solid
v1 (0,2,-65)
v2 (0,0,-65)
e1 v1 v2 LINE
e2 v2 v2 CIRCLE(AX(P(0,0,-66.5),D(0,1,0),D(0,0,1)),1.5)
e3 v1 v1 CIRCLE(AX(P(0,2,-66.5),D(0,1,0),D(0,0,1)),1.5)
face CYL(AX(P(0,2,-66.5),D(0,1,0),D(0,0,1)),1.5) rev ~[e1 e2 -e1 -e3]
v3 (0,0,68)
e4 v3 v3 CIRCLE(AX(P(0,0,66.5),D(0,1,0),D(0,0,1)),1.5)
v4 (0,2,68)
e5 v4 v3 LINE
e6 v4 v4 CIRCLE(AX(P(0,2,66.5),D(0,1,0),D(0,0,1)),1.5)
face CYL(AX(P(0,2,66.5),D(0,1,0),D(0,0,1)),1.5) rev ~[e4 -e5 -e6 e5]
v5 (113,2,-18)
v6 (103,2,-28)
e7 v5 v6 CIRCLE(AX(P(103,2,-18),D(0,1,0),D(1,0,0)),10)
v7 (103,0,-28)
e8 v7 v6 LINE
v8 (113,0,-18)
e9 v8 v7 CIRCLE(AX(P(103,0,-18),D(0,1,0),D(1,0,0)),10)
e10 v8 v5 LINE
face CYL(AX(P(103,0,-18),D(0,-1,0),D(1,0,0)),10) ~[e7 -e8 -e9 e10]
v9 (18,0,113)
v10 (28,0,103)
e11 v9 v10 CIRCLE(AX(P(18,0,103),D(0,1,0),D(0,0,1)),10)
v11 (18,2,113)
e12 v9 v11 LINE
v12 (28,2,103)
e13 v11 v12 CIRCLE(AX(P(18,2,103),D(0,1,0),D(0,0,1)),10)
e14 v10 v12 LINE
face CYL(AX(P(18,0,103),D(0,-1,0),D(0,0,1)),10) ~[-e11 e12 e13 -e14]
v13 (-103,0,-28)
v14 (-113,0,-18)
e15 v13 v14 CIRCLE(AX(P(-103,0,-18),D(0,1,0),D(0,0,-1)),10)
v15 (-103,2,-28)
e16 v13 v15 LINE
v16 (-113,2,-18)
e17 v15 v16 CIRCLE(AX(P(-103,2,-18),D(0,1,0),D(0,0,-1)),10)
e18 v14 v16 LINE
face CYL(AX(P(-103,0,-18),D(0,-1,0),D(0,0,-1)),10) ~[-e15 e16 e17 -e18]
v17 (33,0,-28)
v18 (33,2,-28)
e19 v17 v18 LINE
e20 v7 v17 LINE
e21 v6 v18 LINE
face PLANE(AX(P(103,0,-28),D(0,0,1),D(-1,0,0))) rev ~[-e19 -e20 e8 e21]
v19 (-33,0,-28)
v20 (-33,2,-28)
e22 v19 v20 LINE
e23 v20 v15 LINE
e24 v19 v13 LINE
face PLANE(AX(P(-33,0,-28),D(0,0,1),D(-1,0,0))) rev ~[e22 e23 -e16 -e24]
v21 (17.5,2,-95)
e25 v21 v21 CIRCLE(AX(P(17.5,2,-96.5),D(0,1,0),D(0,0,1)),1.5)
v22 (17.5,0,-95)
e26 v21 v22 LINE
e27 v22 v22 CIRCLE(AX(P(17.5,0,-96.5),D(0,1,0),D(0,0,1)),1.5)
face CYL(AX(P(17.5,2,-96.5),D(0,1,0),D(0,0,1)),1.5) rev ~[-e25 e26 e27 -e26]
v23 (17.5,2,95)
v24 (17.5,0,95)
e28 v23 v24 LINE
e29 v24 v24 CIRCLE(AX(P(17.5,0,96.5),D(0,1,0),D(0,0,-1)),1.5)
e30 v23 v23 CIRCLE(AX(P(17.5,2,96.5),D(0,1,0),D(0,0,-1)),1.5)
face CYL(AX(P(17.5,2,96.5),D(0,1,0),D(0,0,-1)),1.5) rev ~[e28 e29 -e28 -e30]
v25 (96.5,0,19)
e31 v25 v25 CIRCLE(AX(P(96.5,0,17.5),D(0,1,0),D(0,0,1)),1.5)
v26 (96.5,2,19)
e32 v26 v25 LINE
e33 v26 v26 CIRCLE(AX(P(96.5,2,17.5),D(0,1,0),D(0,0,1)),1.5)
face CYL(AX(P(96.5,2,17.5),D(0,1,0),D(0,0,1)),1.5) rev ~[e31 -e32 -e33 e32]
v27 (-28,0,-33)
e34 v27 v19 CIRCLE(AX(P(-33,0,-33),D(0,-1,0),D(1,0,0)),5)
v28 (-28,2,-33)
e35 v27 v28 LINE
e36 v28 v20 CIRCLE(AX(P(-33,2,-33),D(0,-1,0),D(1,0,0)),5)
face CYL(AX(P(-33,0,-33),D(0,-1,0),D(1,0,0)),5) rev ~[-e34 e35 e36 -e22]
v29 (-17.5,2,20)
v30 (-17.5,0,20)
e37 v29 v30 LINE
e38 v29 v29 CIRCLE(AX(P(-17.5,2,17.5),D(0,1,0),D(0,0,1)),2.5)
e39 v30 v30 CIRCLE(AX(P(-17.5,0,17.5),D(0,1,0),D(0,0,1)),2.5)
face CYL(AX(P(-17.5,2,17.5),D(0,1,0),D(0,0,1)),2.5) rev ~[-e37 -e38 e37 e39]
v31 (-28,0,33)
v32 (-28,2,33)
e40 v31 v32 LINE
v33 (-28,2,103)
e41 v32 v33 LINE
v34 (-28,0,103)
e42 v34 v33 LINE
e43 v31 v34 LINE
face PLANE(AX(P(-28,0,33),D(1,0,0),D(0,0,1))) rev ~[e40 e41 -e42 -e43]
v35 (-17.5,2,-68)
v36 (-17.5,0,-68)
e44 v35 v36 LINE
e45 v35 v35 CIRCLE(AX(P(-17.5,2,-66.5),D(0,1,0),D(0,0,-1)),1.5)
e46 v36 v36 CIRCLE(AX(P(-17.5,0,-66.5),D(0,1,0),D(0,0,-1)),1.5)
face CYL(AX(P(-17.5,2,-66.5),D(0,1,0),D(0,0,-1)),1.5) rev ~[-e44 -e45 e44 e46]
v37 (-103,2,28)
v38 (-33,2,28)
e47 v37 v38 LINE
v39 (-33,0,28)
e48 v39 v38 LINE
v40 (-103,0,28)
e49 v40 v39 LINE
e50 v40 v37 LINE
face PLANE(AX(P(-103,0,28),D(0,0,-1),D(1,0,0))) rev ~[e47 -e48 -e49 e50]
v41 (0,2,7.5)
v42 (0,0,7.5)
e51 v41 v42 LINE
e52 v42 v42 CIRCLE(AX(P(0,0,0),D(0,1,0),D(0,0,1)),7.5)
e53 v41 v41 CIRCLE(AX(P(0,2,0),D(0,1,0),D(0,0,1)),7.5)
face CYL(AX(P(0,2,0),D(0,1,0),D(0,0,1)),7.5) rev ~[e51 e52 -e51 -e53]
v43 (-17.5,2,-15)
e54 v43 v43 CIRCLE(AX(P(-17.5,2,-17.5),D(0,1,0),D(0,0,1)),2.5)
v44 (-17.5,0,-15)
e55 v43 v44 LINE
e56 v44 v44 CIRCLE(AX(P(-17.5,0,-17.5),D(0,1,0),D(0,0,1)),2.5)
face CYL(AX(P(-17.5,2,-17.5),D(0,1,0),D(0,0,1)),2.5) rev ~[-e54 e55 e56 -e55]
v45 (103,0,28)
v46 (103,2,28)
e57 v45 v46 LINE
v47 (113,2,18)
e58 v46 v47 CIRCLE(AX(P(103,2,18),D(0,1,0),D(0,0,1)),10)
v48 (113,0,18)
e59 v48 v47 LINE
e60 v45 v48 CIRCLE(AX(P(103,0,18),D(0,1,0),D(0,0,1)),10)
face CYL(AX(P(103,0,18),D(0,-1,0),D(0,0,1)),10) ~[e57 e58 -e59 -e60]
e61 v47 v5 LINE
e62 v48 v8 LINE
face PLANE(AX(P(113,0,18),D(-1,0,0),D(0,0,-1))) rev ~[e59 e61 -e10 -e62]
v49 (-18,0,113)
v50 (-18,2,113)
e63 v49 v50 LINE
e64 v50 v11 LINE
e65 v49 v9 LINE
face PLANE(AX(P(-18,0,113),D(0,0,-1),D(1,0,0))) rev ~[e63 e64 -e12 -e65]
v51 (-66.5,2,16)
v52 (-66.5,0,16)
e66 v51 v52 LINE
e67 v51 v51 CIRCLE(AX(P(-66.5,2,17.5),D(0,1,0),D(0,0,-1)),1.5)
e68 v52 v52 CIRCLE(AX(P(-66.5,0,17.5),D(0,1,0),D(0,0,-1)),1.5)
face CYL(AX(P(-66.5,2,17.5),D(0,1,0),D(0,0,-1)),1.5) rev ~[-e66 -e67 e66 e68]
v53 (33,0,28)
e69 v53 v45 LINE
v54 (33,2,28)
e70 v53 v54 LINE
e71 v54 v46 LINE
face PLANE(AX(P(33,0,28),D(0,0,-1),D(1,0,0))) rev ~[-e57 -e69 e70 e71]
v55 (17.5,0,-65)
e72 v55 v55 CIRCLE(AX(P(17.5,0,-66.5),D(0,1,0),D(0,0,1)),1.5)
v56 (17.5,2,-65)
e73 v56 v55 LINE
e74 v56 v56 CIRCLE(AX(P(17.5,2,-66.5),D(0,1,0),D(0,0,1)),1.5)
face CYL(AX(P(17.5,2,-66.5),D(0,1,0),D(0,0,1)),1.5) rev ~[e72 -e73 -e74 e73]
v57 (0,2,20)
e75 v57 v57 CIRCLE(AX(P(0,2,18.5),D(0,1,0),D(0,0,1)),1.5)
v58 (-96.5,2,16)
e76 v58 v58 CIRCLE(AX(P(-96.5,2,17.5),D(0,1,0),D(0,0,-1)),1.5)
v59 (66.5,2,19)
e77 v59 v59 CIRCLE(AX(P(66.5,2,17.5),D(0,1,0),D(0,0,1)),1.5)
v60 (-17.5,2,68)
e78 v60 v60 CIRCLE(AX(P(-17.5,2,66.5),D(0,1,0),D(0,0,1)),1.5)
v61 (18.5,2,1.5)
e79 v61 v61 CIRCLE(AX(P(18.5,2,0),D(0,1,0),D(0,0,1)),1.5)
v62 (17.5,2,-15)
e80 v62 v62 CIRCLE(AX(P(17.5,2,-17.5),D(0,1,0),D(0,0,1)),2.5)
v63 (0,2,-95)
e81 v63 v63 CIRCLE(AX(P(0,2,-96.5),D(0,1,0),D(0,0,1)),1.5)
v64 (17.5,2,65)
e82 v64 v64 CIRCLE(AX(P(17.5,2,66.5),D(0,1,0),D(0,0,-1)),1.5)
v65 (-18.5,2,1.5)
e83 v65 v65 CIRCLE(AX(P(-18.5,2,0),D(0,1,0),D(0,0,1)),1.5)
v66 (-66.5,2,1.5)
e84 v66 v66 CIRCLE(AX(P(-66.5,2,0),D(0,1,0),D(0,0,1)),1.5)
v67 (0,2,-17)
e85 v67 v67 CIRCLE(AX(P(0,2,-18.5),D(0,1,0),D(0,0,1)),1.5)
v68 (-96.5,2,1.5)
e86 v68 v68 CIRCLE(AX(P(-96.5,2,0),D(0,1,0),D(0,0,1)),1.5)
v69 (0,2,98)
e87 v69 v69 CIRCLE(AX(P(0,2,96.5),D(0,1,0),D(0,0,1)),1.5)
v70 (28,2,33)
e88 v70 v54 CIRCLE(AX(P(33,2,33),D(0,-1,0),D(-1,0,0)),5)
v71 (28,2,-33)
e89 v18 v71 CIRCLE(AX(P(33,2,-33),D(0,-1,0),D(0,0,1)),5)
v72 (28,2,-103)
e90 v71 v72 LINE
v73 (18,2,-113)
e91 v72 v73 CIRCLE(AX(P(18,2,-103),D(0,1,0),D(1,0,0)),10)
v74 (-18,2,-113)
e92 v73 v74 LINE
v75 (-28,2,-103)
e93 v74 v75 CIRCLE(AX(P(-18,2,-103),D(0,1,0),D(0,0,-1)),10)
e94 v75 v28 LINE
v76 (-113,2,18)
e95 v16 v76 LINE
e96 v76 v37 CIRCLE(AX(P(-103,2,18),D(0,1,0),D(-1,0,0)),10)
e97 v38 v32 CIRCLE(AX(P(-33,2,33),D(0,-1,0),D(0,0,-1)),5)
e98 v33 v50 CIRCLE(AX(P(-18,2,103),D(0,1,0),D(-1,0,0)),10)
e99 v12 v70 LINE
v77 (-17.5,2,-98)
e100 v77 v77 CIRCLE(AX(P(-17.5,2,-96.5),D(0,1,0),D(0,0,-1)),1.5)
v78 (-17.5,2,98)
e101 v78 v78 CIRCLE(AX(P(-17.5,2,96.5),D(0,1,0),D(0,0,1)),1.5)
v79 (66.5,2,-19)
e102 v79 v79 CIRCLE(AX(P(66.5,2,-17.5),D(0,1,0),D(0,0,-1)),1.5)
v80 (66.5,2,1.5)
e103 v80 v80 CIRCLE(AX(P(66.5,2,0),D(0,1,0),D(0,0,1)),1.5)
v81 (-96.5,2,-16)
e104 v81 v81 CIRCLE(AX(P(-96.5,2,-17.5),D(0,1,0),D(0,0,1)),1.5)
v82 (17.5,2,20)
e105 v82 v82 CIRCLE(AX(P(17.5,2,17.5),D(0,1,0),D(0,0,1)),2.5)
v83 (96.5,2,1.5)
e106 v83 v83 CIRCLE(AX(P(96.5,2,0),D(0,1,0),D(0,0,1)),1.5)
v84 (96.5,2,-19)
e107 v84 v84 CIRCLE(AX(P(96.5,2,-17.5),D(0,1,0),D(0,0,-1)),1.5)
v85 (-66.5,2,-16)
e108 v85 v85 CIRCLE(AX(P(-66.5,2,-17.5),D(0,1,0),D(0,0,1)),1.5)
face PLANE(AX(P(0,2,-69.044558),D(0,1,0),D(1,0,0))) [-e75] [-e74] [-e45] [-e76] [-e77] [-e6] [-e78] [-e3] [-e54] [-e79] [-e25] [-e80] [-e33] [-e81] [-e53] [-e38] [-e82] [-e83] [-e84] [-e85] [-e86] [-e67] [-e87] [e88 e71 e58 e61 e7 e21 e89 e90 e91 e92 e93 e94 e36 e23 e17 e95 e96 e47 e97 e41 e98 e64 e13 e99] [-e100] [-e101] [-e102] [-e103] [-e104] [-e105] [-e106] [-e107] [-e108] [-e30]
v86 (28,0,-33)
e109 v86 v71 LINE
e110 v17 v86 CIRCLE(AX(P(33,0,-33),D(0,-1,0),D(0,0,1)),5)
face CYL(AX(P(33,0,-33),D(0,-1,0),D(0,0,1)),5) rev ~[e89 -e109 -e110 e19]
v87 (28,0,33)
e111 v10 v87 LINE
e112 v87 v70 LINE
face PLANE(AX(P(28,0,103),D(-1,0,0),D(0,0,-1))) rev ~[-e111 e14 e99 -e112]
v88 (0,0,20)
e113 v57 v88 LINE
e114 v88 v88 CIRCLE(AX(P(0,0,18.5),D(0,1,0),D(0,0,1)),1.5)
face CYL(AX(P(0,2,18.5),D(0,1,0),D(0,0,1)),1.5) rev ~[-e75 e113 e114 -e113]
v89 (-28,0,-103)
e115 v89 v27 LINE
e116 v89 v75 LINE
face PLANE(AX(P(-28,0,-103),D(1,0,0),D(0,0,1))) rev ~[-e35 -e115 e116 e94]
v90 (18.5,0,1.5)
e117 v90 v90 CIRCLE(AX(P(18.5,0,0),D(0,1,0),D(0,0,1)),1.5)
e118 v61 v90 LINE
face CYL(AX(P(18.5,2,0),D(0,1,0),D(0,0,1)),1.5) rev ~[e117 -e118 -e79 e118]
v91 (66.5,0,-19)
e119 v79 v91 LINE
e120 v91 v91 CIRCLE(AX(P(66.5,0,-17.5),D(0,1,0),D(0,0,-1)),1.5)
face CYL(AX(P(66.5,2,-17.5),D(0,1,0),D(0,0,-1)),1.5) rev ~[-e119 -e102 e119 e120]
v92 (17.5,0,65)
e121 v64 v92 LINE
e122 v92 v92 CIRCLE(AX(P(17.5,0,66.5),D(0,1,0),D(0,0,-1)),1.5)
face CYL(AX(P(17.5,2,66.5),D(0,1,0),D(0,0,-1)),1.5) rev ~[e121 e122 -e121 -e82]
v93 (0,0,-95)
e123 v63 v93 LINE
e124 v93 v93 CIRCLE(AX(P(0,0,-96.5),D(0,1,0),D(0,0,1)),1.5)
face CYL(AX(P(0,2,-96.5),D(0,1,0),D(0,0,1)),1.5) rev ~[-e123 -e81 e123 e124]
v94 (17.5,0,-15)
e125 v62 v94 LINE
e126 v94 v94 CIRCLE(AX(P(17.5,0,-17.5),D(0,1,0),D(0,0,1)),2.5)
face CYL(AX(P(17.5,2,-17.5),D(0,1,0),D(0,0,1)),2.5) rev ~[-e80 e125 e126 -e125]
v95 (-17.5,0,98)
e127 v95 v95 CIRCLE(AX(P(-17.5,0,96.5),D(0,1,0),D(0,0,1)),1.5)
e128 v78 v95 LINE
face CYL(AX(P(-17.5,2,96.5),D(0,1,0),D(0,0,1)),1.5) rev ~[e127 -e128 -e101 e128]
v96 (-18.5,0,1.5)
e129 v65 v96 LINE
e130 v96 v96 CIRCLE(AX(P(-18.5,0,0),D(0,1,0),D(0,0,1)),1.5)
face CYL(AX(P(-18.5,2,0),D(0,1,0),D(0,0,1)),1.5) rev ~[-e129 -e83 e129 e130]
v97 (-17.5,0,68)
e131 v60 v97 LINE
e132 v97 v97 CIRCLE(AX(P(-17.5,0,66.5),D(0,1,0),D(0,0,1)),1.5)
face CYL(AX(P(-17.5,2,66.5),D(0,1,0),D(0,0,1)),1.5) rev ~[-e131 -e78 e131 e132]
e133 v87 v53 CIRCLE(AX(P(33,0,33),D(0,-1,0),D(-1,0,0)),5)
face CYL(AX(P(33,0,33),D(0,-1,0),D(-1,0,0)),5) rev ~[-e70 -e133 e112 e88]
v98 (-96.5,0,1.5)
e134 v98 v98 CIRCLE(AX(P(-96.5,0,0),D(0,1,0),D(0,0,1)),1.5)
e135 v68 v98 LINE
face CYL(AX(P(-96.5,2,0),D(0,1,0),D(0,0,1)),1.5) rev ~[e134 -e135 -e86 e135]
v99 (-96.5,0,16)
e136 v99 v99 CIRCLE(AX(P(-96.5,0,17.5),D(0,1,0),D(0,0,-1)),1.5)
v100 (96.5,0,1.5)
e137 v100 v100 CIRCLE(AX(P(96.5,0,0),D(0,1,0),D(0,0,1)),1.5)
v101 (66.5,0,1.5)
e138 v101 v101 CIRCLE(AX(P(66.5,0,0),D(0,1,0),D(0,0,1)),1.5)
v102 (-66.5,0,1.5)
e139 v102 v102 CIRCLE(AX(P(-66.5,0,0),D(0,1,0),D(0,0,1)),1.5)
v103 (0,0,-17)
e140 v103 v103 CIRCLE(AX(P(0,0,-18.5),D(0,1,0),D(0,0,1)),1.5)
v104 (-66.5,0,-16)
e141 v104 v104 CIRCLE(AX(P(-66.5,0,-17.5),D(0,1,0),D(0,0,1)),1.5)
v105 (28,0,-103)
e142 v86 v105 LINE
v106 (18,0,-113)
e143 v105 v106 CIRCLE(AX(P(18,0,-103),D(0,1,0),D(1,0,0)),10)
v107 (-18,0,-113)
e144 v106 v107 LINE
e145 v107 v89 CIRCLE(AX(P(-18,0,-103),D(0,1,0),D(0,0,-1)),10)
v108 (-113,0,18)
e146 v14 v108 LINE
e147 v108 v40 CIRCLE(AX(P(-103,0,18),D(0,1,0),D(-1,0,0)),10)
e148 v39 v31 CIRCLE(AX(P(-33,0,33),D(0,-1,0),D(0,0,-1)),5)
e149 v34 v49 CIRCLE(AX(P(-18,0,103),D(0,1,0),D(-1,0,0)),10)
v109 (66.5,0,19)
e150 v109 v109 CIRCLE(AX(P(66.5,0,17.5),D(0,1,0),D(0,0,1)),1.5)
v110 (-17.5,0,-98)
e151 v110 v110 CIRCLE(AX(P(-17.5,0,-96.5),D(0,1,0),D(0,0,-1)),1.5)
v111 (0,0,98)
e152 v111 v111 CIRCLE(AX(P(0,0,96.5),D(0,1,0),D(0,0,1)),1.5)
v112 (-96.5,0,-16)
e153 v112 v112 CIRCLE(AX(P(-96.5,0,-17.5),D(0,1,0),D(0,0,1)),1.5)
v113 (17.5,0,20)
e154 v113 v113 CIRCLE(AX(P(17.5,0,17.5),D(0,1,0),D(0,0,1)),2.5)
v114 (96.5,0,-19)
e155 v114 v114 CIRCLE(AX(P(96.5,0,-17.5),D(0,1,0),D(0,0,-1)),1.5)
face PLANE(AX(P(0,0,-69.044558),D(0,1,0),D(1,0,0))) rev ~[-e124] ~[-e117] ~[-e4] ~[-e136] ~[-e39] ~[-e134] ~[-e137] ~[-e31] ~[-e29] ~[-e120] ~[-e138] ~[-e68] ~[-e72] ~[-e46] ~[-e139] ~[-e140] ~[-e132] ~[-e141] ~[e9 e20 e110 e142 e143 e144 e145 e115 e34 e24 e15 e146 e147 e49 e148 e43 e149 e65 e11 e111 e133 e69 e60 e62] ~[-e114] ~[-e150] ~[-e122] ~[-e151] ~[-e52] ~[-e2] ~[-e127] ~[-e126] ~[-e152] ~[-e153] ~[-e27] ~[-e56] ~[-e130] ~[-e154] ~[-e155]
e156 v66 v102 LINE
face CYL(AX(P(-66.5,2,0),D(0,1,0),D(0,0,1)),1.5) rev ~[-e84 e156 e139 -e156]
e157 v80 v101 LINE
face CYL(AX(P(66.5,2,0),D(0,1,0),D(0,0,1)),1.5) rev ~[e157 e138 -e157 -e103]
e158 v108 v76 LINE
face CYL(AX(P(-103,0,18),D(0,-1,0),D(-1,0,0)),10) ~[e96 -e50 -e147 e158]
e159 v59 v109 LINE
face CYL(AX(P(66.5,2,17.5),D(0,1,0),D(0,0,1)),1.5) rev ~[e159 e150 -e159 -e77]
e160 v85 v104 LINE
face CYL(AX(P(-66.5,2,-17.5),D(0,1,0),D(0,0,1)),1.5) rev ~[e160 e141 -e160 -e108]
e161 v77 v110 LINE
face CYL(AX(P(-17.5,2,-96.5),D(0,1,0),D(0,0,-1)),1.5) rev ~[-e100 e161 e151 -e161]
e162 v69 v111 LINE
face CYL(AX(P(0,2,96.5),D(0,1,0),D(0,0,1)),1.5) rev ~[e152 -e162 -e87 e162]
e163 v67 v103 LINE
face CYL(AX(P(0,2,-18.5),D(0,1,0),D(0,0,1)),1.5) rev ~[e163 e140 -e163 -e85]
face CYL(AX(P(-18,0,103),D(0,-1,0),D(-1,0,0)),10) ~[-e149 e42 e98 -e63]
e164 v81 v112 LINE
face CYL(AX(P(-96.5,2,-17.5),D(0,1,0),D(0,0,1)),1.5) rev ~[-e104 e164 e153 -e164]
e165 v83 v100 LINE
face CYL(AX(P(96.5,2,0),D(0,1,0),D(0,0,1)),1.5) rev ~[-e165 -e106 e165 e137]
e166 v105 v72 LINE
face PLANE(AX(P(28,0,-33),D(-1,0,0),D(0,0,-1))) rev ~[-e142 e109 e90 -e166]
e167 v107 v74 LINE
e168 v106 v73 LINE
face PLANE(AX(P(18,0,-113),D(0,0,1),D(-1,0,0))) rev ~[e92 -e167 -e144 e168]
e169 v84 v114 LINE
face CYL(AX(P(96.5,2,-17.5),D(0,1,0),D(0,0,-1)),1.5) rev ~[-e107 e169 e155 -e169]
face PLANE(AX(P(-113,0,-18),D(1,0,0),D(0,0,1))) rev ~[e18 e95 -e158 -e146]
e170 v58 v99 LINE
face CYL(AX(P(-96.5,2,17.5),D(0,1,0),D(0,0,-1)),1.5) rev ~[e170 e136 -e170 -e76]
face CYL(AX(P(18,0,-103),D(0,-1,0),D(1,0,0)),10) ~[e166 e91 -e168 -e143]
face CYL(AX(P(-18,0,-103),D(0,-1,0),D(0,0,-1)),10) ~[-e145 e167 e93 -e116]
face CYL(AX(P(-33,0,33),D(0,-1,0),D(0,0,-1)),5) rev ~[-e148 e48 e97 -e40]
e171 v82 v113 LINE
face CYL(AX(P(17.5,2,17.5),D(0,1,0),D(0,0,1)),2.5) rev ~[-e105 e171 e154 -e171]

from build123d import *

# Parameters (mm, degrees)
SKETCH1_W           = 56
SKETCH1_H           = 56
BOSS_EXTRUDE2_DEPTH = 2
SKETCH2_R           = 7.5
SKETCH2_R_2         = 1.5
CUT_EXTRUDE1_DEPTH  = 160.818647222
SKETCH3_R           = 2.5
SKETCH3_R_2         = 1.5
CUT_EXTRUDE2_DEPTH  = 160.818647222


with BuildPart() as part:
    # Sketch1 → Boss-Extrude2 (new body)
    with BuildSketch(Plane(origin=(0, 0, 0), x_dir=(1, 0, 0), z_dir=(0, 1, 0))):
        with BuildLine():
            Line((28, 33), (28, 103))
            ThreePointArc((28, 103), (25.071067812, 110.071067812), (18, 113))
            Line((18, 113), (-18, 113))
            ThreePointArc((-18, 113), (-25.071067812, 110.071067812), (-28, 103))
            Line((-28, 103), (-28, 33))
            Line((-28, 33), (-28, 28))
            Line((-28, 28), (28, 28))
            Line((28, 28), (28, 33))
        make_face()
        Rectangle(SKETCH1_W, SKETCH1_H)
        with BuildLine():
            Line((-28, -28), (-28, 28))
            Line((-28, 28), (-33, 28))
            Line((-33, 28), (-103, 28))
            ThreePointArc((-103, 28), (-110.071067812, 25.071067812), (-113, 18))
            Line((-113, 18), (-113, -18))
            ThreePointArc((-113, -18), (-110.071067812, -25.071067812), (-103, -28))
            Line((-103, -28), (-33, -28))
            Line((-33, -28), (-28, -28))
        make_face()
        with BuildLine():
            Line((28, -33), (28, -28))
            Line((28, -28), (-28, -28))
            Line((-28, -28), (-28, -33))
            Line((-28, -33), (-28, -103))
            ThreePointArc((-28, -103), (-25.071067812, -110.071067812), (-18, -113))
            Line((-18, -113), (18, -113))
            ThreePointArc((18, -113), (25.071067812, -110.071067812), (28, -103))
            Line((28, -103), (28, -33))
        make_face()
        with BuildLine():
            Line((33, 28), (28, 28))
            Line((28, 28), (28, -28))
            Line((28, -28), (33, -28))
            Line((33, -28), (103, -28))
            ThreePointArc((103, -28), (110.071067812, -25.071067812), (113, -18))
            Line((113, -18), (113, 18))
            ThreePointArc((113, 18), (110.071067812, 25.071067812), (103, 28))
            Line((103, 28), (33, 28))
        make_face()
        with BuildLine():
            Line((33, -28), (28, -28))
            Line((28, -28), (28, -33))
            ThreePointArc((28, -33), (29.464466094, -29.464466094), (33, -28))
        make_face()
        with BuildLine():
            Line((-28, -33), (-28, -28))
            Line((-28, -28), (-33, -28))
            ThreePointArc((-33, -28), (-29.464466094, -29.464466094), (-28, -33))
        make_face()
        with BuildLine():
            Line((-33, 28), (-28, 28))
            Line((-28, 28), (-28, 33))
            ThreePointArc((-28, 33), (-29.464466094, 29.464466094), (-33, 28))
        make_face()
        with BuildLine():
            ThreePointArc((33, 28), (29.464466094, 29.464466094), (28, 33))
            Line((28, 33), (28, 28))
            Line((28, 28), (33, 28))
        make_face()
    extrude(amount=BOSS_EXTRUDE2_DEPTH)

    # Sketch2 → Cut-Extrude1 (cut, through all)
    with BuildSketch(Plane(origin=(0, 2, 0), x_dir=(1, 0, 0), z_dir=(0, 1, 0))):
        with Locations(Location((0, 0, 0), (0, 0, 270))):
            Circle(SKETCH2_R)
        with Locations(Location((-96.5, 0, 0), (0, 0, 270))):
            Circle(SKETCH2_R_2)
        with Locations(Location((-66.5, 0, 0), (0, 0, 270))):
            Circle(SKETCH2_R_2)
        with Locations(Location((-96.5, 17.5, 0), (0, 0, 270))):
            Circle(SKETCH2_R_2)
        with Locations(Location((-66.5, 17.5, 0), (0, 0, 270))):
            Circle(SKETCH2_R_2)
        with Locations(Location((-66.5, -17.5, 0), (0, 0, 90))):
            Circle(SKETCH2_R_2)
        with Locations(Location((-96.5, -17.5, 0), (0, 0, 90))):
            Circle(SKETCH2_R_2)
        with Locations(Location((0, 96.5, 0), (0, 0, 270))):
            Circle(SKETCH2_R_2)
        with Locations(Location((0, 66.5, 0), (0, 0, 270))):
            Circle(SKETCH2_R_2)
        with Locations(Location((17.5, 96.5, 0), (0, 0, 270))):
            Circle(SKETCH2_R_2)
        with Locations(Location((17.5, 66.5, 0), (0, 0, 270))):
            Circle(SKETCH2_R_2)
        with Locations(Location((-17.5, 66.5, 0), (0, 0, 90))):
            Circle(SKETCH2_R_2)
        with Locations(Location((-17.5, 96.5, 0), (0, 0, 90))):
            Circle(SKETCH2_R_2)
        with Locations(Location((96.5, 0, 0), (0, 0, 270))):
            Circle(SKETCH2_R_2)
        with Locations(Location((66.5, 0, 0), (0, 0, 270))):
            Circle(SKETCH2_R_2)
        with Locations(Location((96.5, -17.5, 0), (0, 0, 270))):
            Circle(SKETCH2_R_2)
        with Locations(Location((66.5, -17.5, 0), (0, 0, 270))):
            Circle(SKETCH2_R_2)
        with Locations(Location((66.5, 17.5, 0), (0, 0, 90))):
            Circle(SKETCH2_R_2)
        with Locations(Location((96.5, 17.5, 0), (0, 0, 90))):
            Circle(SKETCH2_R_2)
        with Locations(Location((0, -96.5, 0), (0, 0, 270))):
            Circle(SKETCH2_R_2)
        with Locations(Location((0, -66.5, 0), (0, 0, 270))):
            Circle(SKETCH2_R_2)
        with Locations(Location((-17.5, -96.5, 0), (0, 0, 270))):
            Circle(SKETCH2_R_2)
        with Locations(Location((-17.5, -66.5, 0), (0, 0, 270))):
            Circle(SKETCH2_R_2)
        with Locations(Location((17.5, -66.5, 0), (0, 0, 90))):
            Circle(SKETCH2_R_2)
        with Locations(Location((17.5, -96.5, 0), (0, 0, 90))):
            Circle(SKETCH2_R_2)
    extrude(amount=-CUT_EXTRUDE1_DEPTH, mode=Mode.SUBTRACT)

    # Sketch3 → Cut-Extrude2 (cut, through all)
    with BuildSketch(Plane(origin=(0, 2, 0), x_dir=(1, 0, 0), z_dir=(0, 1, 0))):
        with Locations(Location((-17.5, 17.5, 0), (0, 0, 270))):
            Circle(SKETCH3_R)
        with Locations(Location((17.5, 17.5, 0), (0, 0, 270))):
            Circle(SKETCH3_R)
        with Locations(Location((17.5, -17.5, 0), (0, 0, 270))):
            Circle(SKETCH3_R)
        with Locations(Location((-17.5, -17.5, 0), (0, 0, 270))):
            Circle(SKETCH3_R)
        with Locations(Location((-18.5, 0, 0), (0, 0, 270))):
            Circle(SKETCH3_R_2)
        with Locations(Location((18.5, 0, 0), (0, 0, 270))):
            Circle(SKETCH3_R_2)
        with Locations(Location((0, -18.5, 0), (0, 0, 270))):
            Circle(SKETCH3_R_2)
        with Locations(Location((0, 18.5, 0), (0, 0, 270))):
            Circle(SKETCH3_R_2)
    extrude(amount=-CUT_EXTRUDE2_DEPTH, mode=Mode.SUBTRACT)


solid = part.part
